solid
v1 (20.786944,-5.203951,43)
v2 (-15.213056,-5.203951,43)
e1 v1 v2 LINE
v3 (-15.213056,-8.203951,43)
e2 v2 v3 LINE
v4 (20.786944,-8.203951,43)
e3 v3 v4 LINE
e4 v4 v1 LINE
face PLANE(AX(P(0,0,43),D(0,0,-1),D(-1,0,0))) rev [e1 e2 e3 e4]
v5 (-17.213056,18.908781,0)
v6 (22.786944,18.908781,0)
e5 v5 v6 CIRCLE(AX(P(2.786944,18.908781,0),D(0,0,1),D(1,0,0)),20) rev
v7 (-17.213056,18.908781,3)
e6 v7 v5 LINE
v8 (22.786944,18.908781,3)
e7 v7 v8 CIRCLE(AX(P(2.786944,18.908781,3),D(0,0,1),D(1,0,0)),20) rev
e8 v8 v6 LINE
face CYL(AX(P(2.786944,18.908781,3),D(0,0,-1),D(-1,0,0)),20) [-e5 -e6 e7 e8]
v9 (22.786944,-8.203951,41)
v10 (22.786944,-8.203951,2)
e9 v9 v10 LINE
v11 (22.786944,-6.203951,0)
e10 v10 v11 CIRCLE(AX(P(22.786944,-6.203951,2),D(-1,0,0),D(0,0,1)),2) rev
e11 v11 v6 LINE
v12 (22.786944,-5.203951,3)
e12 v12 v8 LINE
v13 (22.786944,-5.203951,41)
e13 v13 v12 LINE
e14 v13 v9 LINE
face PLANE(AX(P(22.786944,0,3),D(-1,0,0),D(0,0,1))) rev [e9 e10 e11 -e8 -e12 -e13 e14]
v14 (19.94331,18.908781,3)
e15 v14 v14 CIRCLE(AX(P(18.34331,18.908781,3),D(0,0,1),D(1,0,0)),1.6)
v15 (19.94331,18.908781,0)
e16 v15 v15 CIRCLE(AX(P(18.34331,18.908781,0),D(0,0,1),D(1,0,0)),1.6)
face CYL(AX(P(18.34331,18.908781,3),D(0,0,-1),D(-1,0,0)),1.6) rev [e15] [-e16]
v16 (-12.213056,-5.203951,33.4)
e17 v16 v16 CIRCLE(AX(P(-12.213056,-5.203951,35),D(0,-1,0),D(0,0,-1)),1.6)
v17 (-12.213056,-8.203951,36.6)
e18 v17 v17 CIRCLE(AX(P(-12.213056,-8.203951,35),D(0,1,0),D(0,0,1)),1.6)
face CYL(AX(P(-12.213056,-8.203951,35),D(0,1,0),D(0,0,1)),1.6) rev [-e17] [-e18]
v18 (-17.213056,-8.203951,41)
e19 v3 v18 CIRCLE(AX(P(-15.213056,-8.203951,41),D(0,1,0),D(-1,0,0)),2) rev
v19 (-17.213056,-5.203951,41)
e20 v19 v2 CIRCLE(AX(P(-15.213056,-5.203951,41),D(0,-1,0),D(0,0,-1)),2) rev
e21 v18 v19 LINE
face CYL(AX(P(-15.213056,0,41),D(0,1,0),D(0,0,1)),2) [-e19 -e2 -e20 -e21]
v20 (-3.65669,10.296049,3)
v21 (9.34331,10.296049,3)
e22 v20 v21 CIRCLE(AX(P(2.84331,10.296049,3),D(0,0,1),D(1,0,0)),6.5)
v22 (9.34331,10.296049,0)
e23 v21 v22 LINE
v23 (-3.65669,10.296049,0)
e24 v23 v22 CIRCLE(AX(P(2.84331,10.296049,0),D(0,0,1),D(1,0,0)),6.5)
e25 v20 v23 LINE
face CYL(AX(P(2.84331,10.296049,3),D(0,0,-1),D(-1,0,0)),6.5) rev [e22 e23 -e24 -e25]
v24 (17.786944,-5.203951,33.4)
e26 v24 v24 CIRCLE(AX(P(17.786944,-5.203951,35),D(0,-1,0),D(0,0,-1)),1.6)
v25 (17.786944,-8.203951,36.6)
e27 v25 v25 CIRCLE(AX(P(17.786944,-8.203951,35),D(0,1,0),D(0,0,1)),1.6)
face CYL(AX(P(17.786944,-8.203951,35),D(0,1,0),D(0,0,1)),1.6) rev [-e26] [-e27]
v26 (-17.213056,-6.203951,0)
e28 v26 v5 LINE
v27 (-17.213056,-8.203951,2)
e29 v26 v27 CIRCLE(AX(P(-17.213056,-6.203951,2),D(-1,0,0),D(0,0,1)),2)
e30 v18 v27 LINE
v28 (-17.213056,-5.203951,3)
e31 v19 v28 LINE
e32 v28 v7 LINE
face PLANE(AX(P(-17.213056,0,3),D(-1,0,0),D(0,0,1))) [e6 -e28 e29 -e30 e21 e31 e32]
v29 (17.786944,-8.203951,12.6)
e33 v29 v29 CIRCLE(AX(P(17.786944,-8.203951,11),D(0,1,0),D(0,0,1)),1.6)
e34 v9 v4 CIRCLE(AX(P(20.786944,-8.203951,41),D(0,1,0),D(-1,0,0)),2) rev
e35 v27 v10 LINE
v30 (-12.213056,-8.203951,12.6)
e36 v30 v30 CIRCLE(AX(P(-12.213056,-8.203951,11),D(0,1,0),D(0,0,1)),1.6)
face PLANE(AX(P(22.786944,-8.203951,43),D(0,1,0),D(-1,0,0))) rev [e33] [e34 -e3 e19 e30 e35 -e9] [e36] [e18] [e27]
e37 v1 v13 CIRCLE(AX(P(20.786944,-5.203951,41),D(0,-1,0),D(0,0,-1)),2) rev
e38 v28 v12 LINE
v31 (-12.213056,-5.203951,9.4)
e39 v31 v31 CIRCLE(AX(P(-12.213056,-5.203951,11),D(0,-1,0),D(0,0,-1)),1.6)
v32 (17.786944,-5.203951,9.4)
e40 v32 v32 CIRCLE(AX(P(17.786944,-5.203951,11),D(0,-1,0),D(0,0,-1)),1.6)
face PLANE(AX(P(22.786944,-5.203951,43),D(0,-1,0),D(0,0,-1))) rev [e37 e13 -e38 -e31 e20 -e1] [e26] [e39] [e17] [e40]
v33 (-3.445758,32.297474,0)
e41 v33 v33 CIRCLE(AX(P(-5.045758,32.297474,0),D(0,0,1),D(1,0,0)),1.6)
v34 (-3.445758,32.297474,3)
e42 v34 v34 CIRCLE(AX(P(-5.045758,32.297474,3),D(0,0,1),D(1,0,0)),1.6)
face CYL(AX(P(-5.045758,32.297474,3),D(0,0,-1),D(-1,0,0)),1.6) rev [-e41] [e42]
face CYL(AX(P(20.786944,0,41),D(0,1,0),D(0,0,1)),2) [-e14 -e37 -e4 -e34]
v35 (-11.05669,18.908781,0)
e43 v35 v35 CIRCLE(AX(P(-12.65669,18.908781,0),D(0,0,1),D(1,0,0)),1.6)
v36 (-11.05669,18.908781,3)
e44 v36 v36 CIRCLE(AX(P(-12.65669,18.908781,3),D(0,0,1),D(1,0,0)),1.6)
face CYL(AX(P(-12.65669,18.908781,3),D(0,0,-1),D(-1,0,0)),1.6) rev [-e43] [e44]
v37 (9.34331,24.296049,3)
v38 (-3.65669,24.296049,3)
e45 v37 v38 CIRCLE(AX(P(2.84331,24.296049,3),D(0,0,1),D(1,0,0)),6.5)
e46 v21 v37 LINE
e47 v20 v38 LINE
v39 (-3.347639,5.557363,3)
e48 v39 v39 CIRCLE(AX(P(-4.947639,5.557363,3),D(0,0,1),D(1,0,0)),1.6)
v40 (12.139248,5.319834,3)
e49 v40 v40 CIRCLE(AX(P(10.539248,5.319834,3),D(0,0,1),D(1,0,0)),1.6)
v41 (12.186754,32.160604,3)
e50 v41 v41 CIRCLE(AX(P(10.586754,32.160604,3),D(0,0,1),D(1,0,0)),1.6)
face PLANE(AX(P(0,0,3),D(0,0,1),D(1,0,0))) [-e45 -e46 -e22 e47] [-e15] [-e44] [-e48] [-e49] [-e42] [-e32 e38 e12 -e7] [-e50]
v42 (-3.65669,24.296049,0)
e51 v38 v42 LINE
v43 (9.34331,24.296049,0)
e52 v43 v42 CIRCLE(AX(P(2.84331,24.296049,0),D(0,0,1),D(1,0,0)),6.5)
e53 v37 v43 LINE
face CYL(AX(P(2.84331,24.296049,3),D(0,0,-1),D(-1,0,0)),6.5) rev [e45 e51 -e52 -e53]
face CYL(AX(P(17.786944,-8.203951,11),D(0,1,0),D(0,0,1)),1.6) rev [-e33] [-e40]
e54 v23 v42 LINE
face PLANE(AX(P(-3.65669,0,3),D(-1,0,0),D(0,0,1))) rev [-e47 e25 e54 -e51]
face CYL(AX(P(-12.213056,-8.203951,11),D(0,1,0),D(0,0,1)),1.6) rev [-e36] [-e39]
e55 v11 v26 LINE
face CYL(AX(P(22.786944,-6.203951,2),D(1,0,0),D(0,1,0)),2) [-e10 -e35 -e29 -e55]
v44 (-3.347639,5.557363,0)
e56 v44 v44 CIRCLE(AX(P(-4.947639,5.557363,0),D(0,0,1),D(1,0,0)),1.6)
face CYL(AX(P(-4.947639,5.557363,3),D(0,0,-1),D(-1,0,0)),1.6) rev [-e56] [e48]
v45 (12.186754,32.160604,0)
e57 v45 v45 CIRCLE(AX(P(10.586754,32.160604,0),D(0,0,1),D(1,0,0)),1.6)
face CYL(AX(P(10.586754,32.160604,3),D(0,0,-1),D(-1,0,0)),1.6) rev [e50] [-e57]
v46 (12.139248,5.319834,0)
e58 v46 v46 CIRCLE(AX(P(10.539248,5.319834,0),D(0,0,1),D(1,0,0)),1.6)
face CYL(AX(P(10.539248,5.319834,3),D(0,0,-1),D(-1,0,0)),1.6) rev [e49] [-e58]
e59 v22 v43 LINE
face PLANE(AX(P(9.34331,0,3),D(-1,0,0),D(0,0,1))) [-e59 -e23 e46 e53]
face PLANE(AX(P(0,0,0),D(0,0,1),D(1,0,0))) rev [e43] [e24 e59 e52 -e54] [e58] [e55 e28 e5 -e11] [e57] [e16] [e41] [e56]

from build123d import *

# Parameters (mm, degrees)
SKETCH_1_R          = 1.6
EXTRUDE_4_DEPTH     = 3
SKETCH_2_W          = 40
SKETCH_2_H          = 3
EXTRUDE_5_DEPTH     = 43
SKETCH_3_R          = 1.6
CUT_EXTRUDE_1_DEPTH = 63.306805946
FILLET_5_R          = 2
FILLET_6_R          = 2
FILLET_7_R          = 2


with BuildPart() as part:
    # 草图1 → 凸台-拉伸4 (new body)
    with BuildSketch(Plane.XY):
        with BuildLine():
            Line((-17.213055582, 18.908780902), (-17.213055582, -5.203950579))
            Line((-17.213055582, -5.203950579), (22.786944418, -5.203950579))
            Line((22.786944418, -5.203950579), (22.786944418, 18.908780902))
            ThreePointArc((22.786944418, 18.908780902), (2.786944418, 38.908780902), (-17.213055582, 18.908780902))
        make_face()
        with Locations((-4.94763916, 5.557362749)):
            Circle(SKETCH_1_R, mode=Mode.SUBTRACT)
        with Locations((10.539247833, 5.319833808)):
            Circle(SKETCH_1_R, mode=Mode.SUBTRACT)
        with Locations((-12.656689842, 18.908780902)):
            Circle(SKETCH_1_R, mode=Mode.SUBTRACT)
        with Locations((-5.045757748, 32.297473855)):
            Circle(SKETCH_1_R, mode=Mode.SUBTRACT)
        with BuildLine():
            ThreePointArc((9.343310158, 10.296049421), (2.843310158, 3.796049421), (-3.656689842, 10.296049421))
            Line((-3.656689842, 10.296049421), (-3.656689842, 24.296049421))
            ThreePointArc((-3.656689842, 24.296049421), (2.843310158, 30.796049421), (9.343310158, 24.296049421))
            Line((9.343310158, 24.296049421), (9.343310158, 10.296049421))
        make_face(mode=Mode.SUBTRACT)
        with Locations((18.343310158, 18.908780902)):
            Circle(SKETCH_1_R, mode=Mode.SUBTRACT)
        with Locations((10.586753622, 32.160604209)):
            Circle(SKETCH_1_R, mode=Mode.SUBTRACT)
    extrude(amount=EXTRUDE_4_DEPTH)

    # 草图2 → 凸台-拉伸5 (add)
    with BuildSketch(Plane.XY):
        with Locations((2.786944418, -6.703950579)):
            Rectangle(SKETCH_2_W, SKETCH_2_H)
    extrude(amount=EXTRUDE_5_DEPTH)

    # 草图3 → 切除-拉伸1 (cut, through all)
    with BuildSketch(Plane(origin=(0, 0, 0), x_dir=(1, 0, 0), z_dir=(0, 1, 0))):
        with Locations(Location((-12.213055582, -35, 0), (0, 0, 270))):
            Circle(SKETCH_3_R)
        with Locations(Location((17.786944418, -35, 0), (0, 0, 270))):
            Circle(SKETCH_3_R)
        with Locations(Location((17.786944418, -11, 0), (0, 0, 270))):
            Circle(SKETCH_3_R)
        with Locations(Location((-12.213055582, -11, 0), (0, 0, 270))):
            Circle(SKETCH_3_R)
    extrude(amount=-CUT_EXTRUDE_1_DEPTH, mode=Mode.SUBTRACT)

    # 圆角5
    fillet_5_edges = [part.edges().sort_by_distance(p)[0] for p in [
        (22.786944418, -6.703950579, 43),
    ]]
    fillet(fillet_5_edges, radius=FILLET_5_R)

    # 圆角6
    fillet_6_edges = [part.edges().sort_by_distance(p)[0] for p in [
        (-17.213055582, -6.703950579, 43),
    ]]
    fillet(fillet_6_edges, radius=FILLET_6_R)

    # 圆角7
    fillet_7_edges = [part.edges().sort_by_distance(p)[0] for p in [
        (2.786944418, -8.203950579, 0),
    ]]
    fillet(fillet_7_edges, radius=FILLET_7_R)


solid = part.part
